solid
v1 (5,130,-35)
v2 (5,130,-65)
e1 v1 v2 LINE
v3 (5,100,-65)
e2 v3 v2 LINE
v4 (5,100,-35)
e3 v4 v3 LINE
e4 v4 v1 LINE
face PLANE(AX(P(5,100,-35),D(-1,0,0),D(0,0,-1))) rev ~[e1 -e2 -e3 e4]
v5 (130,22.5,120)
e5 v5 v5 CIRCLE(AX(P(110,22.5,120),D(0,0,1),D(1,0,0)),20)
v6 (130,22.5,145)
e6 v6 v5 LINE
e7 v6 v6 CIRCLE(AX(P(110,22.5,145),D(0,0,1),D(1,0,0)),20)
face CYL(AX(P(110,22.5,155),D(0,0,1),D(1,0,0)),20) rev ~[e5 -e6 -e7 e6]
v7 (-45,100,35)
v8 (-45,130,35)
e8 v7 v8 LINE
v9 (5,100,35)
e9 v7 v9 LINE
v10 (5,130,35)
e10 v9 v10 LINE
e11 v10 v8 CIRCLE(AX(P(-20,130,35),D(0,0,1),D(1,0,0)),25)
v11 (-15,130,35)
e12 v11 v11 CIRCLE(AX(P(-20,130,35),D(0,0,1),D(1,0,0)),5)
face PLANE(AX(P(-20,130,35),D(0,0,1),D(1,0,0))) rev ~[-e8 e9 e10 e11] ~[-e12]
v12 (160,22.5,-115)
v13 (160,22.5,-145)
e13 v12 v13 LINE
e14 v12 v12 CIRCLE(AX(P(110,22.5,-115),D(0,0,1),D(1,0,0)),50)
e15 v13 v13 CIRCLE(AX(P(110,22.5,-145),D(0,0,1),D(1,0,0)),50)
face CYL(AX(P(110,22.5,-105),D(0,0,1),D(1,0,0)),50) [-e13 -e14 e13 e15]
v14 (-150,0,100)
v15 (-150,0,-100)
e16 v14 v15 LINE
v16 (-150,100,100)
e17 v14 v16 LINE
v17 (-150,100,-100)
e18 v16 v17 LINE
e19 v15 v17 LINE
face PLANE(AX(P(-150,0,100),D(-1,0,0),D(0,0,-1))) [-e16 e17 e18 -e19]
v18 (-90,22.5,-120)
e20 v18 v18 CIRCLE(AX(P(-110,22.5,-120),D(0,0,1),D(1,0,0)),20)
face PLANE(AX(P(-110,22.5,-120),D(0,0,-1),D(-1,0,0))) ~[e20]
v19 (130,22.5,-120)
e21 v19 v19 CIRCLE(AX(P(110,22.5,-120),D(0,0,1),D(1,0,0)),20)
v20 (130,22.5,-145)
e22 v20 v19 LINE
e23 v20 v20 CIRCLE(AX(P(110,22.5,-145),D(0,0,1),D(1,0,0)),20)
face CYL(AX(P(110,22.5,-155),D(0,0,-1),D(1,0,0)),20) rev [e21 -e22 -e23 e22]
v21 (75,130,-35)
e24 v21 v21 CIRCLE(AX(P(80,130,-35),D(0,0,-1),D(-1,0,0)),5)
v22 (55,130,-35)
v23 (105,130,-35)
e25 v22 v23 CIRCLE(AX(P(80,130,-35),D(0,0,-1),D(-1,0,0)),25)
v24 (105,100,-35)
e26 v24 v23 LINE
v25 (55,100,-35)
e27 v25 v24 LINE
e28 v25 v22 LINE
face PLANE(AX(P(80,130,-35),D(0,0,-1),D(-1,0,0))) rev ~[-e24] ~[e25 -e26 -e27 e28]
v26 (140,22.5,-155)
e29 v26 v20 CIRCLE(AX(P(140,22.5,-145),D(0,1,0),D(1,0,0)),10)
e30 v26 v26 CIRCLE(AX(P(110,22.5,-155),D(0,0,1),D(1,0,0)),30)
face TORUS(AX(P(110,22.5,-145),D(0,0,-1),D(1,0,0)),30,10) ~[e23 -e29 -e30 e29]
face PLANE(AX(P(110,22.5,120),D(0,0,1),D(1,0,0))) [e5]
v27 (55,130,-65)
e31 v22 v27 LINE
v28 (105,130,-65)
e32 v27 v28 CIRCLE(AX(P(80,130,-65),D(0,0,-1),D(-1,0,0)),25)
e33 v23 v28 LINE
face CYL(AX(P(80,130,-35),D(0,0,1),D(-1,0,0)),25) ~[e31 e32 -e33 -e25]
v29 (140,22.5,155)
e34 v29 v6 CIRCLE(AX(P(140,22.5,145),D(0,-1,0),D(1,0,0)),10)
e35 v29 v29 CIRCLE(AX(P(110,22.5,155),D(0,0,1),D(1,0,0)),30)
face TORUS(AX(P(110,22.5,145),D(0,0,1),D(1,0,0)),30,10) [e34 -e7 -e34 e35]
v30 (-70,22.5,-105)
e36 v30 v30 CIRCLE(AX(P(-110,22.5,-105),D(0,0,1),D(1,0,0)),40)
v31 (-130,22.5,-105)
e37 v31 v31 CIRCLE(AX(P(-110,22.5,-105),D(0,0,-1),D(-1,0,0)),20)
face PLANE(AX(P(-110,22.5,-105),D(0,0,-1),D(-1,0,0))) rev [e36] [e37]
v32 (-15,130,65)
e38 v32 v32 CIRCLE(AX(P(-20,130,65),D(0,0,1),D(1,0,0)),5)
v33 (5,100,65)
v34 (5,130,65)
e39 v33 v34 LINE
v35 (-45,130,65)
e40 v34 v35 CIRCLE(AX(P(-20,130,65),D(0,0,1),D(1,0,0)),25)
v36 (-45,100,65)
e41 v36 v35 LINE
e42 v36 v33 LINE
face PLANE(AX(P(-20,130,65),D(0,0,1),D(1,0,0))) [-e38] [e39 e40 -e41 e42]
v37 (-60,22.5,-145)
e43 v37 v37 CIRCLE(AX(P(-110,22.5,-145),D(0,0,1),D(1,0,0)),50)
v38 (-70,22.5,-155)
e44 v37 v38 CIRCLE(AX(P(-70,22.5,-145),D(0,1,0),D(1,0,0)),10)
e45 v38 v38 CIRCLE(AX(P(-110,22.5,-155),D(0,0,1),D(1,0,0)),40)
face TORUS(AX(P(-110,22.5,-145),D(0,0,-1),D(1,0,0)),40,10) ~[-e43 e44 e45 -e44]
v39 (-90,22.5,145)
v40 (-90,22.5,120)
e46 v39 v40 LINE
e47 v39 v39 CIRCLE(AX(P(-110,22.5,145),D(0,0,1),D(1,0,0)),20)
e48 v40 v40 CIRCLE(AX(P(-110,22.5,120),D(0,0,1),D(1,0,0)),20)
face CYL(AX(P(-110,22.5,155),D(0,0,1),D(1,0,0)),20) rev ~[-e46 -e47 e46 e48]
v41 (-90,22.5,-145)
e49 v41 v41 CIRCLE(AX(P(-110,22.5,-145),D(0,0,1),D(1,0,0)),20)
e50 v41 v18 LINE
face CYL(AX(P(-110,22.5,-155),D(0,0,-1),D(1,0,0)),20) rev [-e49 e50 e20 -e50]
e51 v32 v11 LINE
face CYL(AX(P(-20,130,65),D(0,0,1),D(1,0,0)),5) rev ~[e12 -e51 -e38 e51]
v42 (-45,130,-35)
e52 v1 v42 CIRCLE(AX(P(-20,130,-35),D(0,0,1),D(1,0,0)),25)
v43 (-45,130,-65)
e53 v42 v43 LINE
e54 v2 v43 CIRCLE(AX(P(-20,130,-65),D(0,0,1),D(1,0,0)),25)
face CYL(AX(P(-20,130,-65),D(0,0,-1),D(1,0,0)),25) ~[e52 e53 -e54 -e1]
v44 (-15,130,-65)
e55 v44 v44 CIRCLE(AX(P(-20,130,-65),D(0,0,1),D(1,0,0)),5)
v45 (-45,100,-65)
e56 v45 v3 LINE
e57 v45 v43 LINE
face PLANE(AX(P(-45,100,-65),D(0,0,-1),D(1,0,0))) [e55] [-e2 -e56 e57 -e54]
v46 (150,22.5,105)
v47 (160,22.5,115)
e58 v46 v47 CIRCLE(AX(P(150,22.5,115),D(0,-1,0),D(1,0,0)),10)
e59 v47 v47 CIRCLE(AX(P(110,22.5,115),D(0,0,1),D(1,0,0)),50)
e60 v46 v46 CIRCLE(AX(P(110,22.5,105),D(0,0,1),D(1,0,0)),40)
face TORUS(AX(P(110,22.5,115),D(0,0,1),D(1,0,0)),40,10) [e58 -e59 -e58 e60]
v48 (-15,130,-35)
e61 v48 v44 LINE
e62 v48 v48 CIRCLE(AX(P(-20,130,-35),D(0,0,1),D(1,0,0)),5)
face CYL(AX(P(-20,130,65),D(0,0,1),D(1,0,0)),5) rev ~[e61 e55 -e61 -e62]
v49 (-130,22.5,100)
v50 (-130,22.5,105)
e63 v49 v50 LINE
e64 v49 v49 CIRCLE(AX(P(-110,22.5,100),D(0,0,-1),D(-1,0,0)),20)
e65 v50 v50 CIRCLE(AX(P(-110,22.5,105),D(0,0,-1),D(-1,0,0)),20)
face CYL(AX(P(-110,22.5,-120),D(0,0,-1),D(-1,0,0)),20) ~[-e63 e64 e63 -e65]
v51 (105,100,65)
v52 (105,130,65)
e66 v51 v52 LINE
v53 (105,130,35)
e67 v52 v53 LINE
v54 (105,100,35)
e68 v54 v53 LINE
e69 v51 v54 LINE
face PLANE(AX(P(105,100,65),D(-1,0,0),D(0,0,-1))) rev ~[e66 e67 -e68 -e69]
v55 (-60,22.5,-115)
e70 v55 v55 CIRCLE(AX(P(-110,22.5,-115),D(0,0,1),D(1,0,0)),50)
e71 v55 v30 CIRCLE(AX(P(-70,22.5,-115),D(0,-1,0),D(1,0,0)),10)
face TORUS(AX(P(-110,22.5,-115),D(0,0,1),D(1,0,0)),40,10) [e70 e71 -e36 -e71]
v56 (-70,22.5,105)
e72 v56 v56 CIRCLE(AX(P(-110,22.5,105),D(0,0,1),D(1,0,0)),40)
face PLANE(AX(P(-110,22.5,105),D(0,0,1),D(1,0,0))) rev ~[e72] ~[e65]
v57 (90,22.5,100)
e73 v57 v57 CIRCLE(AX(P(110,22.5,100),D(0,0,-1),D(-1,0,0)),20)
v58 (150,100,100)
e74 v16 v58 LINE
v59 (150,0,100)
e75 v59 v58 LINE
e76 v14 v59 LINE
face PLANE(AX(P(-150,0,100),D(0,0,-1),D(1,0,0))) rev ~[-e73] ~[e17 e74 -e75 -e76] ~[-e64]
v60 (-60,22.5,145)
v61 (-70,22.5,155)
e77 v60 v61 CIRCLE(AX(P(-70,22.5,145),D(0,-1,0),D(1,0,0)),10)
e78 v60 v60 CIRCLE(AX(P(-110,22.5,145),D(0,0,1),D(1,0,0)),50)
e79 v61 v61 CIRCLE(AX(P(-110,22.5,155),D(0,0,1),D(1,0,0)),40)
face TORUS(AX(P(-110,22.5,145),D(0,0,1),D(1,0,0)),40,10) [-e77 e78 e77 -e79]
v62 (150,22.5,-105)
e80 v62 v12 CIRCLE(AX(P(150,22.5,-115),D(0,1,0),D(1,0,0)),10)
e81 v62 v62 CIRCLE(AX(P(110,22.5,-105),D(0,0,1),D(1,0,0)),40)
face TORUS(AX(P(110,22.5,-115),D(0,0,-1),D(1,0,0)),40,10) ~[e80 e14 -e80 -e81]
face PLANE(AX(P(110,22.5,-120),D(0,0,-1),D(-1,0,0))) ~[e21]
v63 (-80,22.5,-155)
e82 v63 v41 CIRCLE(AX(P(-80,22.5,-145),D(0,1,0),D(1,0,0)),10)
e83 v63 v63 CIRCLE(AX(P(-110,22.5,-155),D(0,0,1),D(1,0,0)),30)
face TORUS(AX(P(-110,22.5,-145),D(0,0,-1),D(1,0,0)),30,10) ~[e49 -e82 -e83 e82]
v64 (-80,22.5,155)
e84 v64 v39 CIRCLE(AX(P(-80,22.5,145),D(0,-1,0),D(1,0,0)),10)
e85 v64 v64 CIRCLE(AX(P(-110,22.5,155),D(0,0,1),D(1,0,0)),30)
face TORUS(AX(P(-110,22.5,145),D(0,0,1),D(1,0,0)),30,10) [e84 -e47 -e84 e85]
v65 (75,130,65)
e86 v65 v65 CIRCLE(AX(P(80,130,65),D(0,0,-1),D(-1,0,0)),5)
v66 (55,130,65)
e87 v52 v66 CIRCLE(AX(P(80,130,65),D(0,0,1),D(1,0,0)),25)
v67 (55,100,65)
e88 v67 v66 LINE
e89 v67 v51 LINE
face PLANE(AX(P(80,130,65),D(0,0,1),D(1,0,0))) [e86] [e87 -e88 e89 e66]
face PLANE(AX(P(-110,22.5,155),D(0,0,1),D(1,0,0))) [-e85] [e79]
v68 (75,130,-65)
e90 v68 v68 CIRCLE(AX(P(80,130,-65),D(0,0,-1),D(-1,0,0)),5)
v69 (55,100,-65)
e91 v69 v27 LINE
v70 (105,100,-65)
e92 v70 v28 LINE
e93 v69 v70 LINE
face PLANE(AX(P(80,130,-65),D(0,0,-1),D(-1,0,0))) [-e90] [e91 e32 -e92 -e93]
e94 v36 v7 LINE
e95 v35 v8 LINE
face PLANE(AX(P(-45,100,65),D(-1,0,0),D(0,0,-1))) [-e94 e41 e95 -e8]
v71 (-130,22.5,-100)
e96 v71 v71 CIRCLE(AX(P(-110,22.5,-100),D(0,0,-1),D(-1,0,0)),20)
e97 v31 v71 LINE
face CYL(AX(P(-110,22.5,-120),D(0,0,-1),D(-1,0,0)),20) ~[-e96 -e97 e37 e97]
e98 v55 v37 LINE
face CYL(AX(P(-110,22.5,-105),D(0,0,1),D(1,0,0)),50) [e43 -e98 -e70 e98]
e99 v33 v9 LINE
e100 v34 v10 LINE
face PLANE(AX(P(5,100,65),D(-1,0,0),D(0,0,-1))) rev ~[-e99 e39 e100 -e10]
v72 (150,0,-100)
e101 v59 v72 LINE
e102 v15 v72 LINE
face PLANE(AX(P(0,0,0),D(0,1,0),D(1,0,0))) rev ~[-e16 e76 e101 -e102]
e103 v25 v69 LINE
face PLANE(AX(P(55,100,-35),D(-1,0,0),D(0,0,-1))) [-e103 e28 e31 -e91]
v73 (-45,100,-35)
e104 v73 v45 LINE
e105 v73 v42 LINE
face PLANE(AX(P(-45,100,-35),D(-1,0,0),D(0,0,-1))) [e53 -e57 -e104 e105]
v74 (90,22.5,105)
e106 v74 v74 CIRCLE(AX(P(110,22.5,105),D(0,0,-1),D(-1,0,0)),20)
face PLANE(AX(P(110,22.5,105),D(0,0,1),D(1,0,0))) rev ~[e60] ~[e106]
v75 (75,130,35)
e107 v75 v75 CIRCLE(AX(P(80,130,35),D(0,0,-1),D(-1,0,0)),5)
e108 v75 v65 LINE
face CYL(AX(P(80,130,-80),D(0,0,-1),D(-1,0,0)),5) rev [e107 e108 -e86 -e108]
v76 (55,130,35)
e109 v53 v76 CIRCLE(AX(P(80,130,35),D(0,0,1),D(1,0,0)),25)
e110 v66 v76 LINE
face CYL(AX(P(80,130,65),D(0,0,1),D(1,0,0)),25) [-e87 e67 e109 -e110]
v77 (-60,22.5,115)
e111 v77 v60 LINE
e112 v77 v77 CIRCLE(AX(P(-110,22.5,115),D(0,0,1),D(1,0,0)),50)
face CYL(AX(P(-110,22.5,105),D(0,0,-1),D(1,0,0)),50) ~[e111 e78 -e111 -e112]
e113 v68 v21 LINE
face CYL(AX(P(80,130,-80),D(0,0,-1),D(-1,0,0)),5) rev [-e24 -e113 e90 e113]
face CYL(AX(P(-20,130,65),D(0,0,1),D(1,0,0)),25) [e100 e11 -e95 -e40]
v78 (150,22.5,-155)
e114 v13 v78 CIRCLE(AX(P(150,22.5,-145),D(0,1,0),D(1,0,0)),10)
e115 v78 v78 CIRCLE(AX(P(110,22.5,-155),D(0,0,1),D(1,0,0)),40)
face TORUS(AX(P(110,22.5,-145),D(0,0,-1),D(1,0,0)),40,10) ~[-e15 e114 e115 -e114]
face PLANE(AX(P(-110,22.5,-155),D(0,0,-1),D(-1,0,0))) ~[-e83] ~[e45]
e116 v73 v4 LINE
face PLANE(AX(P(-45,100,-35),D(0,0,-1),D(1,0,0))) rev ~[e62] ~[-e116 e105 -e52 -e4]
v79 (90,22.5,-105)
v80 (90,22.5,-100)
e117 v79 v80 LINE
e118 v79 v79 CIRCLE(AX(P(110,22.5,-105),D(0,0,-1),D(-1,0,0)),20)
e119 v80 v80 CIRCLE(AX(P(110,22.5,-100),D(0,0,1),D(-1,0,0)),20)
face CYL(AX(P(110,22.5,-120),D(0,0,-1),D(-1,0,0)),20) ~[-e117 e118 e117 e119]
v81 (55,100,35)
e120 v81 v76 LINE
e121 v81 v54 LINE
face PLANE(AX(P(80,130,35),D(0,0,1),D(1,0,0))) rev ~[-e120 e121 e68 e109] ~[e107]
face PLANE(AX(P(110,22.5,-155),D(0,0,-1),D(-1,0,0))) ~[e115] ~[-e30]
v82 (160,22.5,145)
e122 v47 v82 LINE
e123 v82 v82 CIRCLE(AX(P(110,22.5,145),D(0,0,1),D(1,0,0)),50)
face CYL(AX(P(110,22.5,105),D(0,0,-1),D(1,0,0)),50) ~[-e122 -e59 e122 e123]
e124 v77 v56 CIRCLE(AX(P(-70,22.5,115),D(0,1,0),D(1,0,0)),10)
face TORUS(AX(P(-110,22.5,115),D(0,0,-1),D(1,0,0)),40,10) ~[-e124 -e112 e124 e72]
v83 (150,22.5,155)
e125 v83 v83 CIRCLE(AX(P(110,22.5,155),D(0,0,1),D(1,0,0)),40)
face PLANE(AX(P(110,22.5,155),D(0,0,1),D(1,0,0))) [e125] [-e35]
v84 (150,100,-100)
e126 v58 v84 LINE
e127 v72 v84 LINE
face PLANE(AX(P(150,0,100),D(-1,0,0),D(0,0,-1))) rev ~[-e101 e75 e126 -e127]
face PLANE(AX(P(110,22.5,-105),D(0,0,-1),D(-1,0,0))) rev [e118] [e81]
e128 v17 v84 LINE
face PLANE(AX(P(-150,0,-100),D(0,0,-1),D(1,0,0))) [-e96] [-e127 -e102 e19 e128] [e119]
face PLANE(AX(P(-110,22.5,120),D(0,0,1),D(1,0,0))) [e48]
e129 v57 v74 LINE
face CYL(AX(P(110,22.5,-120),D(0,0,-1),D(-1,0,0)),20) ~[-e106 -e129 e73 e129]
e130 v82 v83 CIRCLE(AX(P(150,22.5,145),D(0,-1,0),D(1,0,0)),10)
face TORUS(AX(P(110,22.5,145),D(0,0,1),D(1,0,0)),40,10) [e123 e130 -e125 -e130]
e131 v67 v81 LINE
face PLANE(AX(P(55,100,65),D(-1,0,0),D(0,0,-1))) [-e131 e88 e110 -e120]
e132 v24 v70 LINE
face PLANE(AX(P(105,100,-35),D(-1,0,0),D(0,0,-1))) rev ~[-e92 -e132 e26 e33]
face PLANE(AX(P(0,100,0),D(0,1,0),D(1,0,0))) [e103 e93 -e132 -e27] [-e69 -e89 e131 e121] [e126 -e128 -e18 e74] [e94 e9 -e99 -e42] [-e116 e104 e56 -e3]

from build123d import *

# Parameters (mm, degrees)
SKETCH3_W                = 300
SKETCH3_H                = 200
BOSS_EXTRUDE1_DEPTH      = 100
CUT_EXTRUDE1_START       = -200
SKETCH4_R                = 20
CUT_EXTRUDE1_DEPTH       = 200
BOSS_EXTRUDE2_DEPTH      = 120
BOSS_EXTRUDE2_DEPTH_BACK = 120
SKETCH6_R                = 20
SKETCH7_W                = 50
SKETCH7_H                = 30
BOSS_EXTRUDE3_DEPTH      = 30
SKETCH9_R                = 25
BOSS_EXTRUDE6_DEPTH      = 30
SKETCH11_R               = 5
CUT_EXTRUDE2_DEPTH       = 186
BOSS_EXTRUDE7_START      = -15
SKETCH13_R               = 50
BOSS_EXTRUDE7_DEPTH      = 50
SKETCH14_R               = 20
CUT_EXTRUDE3_DEPTH       = 35
FILLET3_R                = 10
FILLET4_R                = 10
FILLET3_OF_MIRROR4_R     = 10
FILLET4_OF_MIRROR4_R     = 10
SKETCH18_W               = 50
SKETCH18_H               = 30
BOSS_EXTRUDE10_DEPTH     = 30
SKETCH19_R               = 25
BOSS_EXTRUDE11_DEPTH     = 30
BOSS_EXTRUDE12_START     = -30
SKETCH20_R               = 25
BOSS_EXTRUDE12_DEPTH     = 30
CUT_EXTRUDE4_DEPTH       = 15
CUT_EXTRUDE4_DEPTH_BACK  = 145
SKETCH22_R               = 5


with BuildPart() as part:
    # Sketch3 → Boss-Extrude1 (new body)
    with BuildSketch(Plane(origin=(0, 0, 0), x_dir=(1, 0, 0), z_dir=(0, 1, 0))):
        Rectangle(SKETCH3_W, SKETCH3_H)
    extrude(amount=BOSS_EXTRUDE1_DEPTH)

    # Sketch4 → Cut-Extrude1 (cut)
    with BuildSketch(Plane.XY.offset(100).offset(CUT_EXTRUDE1_START)):
        with Locations((-110, 22.5)):
            Circle(SKETCH4_R)
        with Locations((110, 22.5)):
            Circle(SKETCH4_R)
    extrude(amount=CUT_EXTRUDE1_DEPTH, mode=Mode.SUBTRACT)

    # Sketch6 → Boss-Extrude2 (add, two sides: drawn at the far end of the back side and taken through both)
    with BuildSketch(Plane.XY.offset(-BOSS_EXTRUDE2_DEPTH_BACK)):
        with Locations(Location((-110, 22.5, 0), (0, 0, 180))):
            Circle(SKETCH6_R)
        with Locations(Location((110, 22.5, 0), (0, 0, 180))):
            Circle(SKETCH6_R)
    extrude(amount=BOSS_EXTRUDE2_DEPTH + BOSS_EXTRUDE2_DEPTH_BACK)

    # Sketch7 → Boss-Extrude3 (add)
    with BuildSketch(Plane(origin=(0, 100, 0), x_dir=(1, 0, 0), z_dir=(0, 1, 0))):
        with Locations((-20, -50)):
            Rectangle(SKETCH7_W, SKETCH7_H)
        with Locations((-20, 50)):
            Rectangle(SKETCH7_W, SKETCH7_H)
    extrude(amount=BOSS_EXTRUDE3_DEPTH)

    # Sketch9 → Boss-Extrude6 (add)
    with BuildSketch(Plane.XY.offset(65)):
        with Locations((-20, 130)):
            Circle(SKETCH9_R)
    boss_extrude6 = extrude(amount=-BOSS_EXTRUDE6_DEPTH)

    # Mirror1: Boss-Extrude6 across plane
    add(boss_extrude6.mirror(Plane.XY))

    # Sketch11 → Cut-Extrude2 (cut)
    with BuildSketch(Plane.XY.offset(65)):
        with Locations((-20, 130)):
            Circle(SKETCH11_R)
    cut_extrude2 = extrude(amount=-CUT_EXTRUDE2_DEPTH, mode=Mode.SUBTRACT)

    # Sketch13 → Boss-Extrude7 (add)
    with BuildSketch(Plane.XY.offset(120).offset(BOSS_EXTRUDE7_START)):
        with Locations((-110, 22.5)):
            Circle(SKETCH13_R)
        with Locations((110, 22.5)):
            Circle(SKETCH13_R)
    boss_extrude7 = extrude(amount=BOSS_EXTRUDE7_DEPTH)

    # Sketch14 → Cut-Extrude3 (cut)
    with BuildSketch(Plane.XY.offset(155)):
        with Locations((-110, 22.5)):
            Circle(SKETCH14_R)
        with Locations((110, 22.5)):
            Circle(SKETCH14_R)
    cut_extrude3 = extrude(amount=-CUT_EXTRUDE3_DEPTH, mode=Mode.SUBTRACT)

    # Fillet3
    fillet3_edges = [part.edges().sort_by_distance(p)[0] for p in [
        (-160, 22.5, 105),
        (-160, 22.5, 155),
        (60, 22.5, 105),
        (60, 22.5, 155),
        (90, 22.5, 155),
    ]]
    fillet(fillet3_edges, radius=FILLET3_R)

    # Fillet4
    fillet4_edges = [part.edges().sort_by_distance(p)[0] for p in [
        (-130, 22.5, 155),
    ]]
    fillet(fillet4_edges, radius=FILLET4_R)

    # Mirror4: Cut-Extrude2, Boss-Extrude7, Cut-Extrude3 across plane
    add(cut_extrude2.mirror(Plane.XY), mode=Mode.SUBTRACT)
    add(boss_extrude7.mirror(Plane.XY))
    add(cut_extrude3.mirror(Plane.XY), mode=Mode.SUBTRACT)

    # Fillet3 of Mirror4
    fillet3_of_mirror4_edges = [part.edges().sort_by_distance(p)[0] for p in [
        (-160, 22.5, -105),
        (-160, 22.5, -155),
        (60, 22.5, -105),
        (60, 22.5, -155),
        (90, 22.5, -155),
    ]]
    fillet(fillet3_of_mirror4_edges, radius=FILLET3_OF_MIRROR4_R)

    # Fillet4 of Mirror4
    fillet4_of_mirror4_edges = [part.edges().sort_by_distance(p)[0] for p in [
        (-130, 22.5, -155),
    ]]
    fillet(fillet4_of_mirror4_edges, radius=FILLET4_OF_MIRROR4_R)

    # Sketch18 → Boss-Extrude10 (add)
    with BuildSketch(Plane(origin=(0, 100, 0), x_dir=(1, 0, 0), z_dir=(0, 1, 0))):
        with Locations((80, 50)):
            Rectangle(SKETCH18_W, SKETCH18_H)
        with Locations((80, -50)):
            Rectangle(SKETCH18_W, SKETCH18_H)
    extrude(amount=BOSS_EXTRUDE10_DEPTH)

    # Sketch19 → Boss-Extrude11 (add)
    with BuildSketch(Plane.XY.offset(65)):
        with Locations((80, 130)):
            Circle(SKETCH19_R)
    extrude(amount=-BOSS_EXTRUDE11_DEPTH)

    # Sketch20 → Boss-Extrude12 (add)
    with BuildSketch(Plane(origin=(0, 0, -65), x_dir=(-1, 0, 0), z_dir=(0, 0, -1)).offset(BOSS_EXTRUDE12_START)):
        with Locations((-80, 130)):
            Circle(SKETCH20_R)
    extrude(amount=BOSS_EXTRUDE12_DEPTH)

    # Sketch22 → Cut-Extrude4 (cut, two sides: drawn at the far end of the back side and taken through both)
    with BuildSketch(Plane.XY.offset(65).offset(-CUT_EXTRUDE4_DEPTH_BACK)):
        with Locations(Location((80, 130, 0), (0, 0, 180))):
            Circle(SKETCH22_R)
    extrude(amount=CUT_EXTRUDE4_DEPTH + CUT_EXTRUDE4_DEPTH_BACK, mode=Mode.SUBTRACT)


solid = part.part
